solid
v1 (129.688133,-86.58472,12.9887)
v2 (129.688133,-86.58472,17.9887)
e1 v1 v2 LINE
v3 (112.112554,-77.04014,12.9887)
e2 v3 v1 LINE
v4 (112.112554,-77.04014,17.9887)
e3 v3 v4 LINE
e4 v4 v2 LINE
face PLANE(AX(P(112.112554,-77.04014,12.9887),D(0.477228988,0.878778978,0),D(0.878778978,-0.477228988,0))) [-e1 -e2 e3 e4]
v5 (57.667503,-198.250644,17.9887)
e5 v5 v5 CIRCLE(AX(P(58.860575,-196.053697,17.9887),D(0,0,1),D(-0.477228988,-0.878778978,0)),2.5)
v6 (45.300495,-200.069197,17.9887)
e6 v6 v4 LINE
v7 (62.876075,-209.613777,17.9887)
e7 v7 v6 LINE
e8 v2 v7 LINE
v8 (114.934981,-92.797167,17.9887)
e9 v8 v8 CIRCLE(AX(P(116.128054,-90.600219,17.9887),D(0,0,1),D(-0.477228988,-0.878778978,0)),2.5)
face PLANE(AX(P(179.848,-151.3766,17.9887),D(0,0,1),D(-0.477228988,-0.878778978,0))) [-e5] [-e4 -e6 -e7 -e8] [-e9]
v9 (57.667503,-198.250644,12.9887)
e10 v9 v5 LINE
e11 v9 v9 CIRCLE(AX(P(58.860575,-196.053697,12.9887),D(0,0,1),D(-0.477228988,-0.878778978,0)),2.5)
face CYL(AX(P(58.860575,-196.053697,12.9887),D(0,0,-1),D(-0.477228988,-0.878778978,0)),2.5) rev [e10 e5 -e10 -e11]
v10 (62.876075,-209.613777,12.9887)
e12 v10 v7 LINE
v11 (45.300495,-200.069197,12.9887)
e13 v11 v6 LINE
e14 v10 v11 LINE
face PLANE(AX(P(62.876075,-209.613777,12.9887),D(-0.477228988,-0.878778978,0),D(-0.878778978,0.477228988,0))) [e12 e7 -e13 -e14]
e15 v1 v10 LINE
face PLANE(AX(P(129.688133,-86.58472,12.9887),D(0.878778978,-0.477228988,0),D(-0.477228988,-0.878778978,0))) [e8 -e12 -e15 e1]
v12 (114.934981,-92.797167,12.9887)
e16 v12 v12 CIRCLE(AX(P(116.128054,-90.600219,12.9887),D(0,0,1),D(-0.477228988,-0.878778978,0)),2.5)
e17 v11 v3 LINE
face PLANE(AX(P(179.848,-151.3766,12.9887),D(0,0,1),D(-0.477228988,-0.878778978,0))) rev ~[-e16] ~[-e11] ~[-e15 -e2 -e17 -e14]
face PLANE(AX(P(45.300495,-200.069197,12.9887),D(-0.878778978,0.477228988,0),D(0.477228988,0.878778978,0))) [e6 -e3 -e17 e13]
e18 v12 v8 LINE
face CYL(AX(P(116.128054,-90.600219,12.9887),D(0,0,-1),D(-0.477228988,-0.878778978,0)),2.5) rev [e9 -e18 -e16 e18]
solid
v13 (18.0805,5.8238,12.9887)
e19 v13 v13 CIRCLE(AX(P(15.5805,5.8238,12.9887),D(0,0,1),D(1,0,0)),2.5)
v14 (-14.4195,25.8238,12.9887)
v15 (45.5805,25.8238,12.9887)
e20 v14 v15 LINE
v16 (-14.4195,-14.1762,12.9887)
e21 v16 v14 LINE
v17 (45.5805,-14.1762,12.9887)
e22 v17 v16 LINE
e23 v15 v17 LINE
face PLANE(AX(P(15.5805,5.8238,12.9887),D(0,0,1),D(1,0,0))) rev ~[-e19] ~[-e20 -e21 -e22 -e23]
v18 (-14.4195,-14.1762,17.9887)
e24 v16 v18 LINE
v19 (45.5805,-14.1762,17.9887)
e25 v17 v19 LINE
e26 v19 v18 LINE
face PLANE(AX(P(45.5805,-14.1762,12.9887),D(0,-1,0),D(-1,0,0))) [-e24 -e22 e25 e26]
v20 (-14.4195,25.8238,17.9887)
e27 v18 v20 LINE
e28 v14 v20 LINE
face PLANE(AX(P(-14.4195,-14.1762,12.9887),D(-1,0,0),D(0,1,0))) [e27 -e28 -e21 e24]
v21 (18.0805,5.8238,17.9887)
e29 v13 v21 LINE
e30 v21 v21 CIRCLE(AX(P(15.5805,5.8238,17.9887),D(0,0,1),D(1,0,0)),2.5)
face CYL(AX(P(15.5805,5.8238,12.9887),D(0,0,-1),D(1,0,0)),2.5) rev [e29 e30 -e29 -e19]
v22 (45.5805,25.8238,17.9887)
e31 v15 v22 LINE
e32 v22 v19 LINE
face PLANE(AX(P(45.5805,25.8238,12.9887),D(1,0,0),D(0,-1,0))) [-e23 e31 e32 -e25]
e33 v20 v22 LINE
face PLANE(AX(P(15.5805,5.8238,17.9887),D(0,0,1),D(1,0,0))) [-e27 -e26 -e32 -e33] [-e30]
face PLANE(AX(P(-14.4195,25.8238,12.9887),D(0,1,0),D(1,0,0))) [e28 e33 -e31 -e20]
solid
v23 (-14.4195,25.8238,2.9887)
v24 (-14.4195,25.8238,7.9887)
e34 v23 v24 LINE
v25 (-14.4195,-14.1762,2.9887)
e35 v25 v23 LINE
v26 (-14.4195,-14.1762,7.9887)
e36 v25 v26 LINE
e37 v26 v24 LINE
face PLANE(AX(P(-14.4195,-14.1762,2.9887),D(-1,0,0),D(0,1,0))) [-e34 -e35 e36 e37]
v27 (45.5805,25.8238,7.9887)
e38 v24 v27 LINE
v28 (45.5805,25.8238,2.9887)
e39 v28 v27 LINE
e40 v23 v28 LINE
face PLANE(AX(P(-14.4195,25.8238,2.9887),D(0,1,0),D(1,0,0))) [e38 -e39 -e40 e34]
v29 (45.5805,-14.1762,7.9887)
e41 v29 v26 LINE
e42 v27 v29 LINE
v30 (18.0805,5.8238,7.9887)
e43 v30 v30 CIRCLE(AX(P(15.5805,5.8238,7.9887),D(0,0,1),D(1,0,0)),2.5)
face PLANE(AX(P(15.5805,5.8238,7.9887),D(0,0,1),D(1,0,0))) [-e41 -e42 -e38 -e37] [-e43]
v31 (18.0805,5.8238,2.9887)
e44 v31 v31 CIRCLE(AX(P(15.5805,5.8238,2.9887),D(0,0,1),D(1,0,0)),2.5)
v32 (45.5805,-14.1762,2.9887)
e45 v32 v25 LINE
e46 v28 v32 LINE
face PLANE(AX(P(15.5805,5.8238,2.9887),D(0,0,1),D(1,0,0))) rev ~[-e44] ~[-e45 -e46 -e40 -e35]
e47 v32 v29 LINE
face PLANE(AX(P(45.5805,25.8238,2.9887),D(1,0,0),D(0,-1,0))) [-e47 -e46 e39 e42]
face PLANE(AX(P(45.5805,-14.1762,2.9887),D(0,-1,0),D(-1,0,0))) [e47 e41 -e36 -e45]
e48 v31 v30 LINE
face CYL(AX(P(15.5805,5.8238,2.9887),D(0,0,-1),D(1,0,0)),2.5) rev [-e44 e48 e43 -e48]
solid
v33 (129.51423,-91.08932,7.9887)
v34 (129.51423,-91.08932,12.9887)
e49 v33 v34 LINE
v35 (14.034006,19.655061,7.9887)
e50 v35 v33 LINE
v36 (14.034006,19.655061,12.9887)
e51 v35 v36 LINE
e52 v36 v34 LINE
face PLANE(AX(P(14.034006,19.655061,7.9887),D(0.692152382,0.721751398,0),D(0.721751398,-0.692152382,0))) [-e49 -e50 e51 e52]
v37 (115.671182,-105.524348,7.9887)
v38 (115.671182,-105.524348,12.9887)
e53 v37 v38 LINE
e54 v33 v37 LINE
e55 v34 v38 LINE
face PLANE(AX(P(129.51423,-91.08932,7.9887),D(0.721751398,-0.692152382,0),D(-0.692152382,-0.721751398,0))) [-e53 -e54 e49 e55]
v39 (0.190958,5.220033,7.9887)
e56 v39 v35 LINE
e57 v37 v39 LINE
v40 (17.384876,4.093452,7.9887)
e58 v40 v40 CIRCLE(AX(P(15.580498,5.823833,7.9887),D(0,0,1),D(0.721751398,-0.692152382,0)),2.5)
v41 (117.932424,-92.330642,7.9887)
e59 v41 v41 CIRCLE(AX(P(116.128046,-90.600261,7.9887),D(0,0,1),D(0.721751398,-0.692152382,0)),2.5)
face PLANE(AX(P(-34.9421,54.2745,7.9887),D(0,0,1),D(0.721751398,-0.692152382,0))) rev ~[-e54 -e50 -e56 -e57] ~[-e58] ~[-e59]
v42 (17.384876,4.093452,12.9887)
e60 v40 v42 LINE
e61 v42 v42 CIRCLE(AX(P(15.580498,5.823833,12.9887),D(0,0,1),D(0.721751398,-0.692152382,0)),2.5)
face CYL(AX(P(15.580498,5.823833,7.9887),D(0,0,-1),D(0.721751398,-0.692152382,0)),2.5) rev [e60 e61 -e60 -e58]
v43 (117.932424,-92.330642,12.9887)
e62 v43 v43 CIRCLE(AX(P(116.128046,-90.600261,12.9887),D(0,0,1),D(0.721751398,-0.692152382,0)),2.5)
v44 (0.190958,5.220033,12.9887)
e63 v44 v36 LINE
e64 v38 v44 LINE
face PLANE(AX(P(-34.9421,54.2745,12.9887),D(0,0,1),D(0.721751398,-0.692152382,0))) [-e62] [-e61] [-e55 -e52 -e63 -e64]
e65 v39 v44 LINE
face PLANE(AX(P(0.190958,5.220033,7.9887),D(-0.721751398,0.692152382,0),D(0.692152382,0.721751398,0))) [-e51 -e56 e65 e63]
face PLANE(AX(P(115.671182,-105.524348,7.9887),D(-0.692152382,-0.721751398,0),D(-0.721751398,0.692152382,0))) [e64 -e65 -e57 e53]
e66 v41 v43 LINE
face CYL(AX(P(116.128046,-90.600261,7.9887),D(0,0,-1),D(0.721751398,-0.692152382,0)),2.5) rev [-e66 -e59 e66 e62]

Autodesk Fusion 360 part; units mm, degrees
sketch "草图1" plane through (0, 0, 0) normal (0, 0, 1) x (1, 0, 0)
  line L0 (30, 20) -> (-30, 20)
  line L1 (-30, 20) -> (-30, -20)
  line L2 (-30, -20) -> (30, -20)
  line L3 (30, -20) -> (30, 20)
  line L4 (30, 20) -> (-30, -20) construction
  line L5 (-30, 20) -> (30, -20) construction
  circle A0 centre (0, 0) radius 2.5
  dimension "d1" = 5
sketch "草图3" plane through (0, 0, 0) normal (0, 0, 1) x (1, 0, 0)
  line L0 (59.3105, 8.9123) -> (219.3105, 8.9123)
  line L1 (219.3105, 8.9123) -> (219.3105, -11.0877)
  line L2 (219.3105, -11.0877) -> (59.3105, -11.0877)
  line L3 (59.3105, -11.0877) -> (59.3105, 8.9123)
  circle A0 centre (70, 0) radius 2.5
  circle A1 centre (209.3105, 0) radius 2.5
  dimension "d6" = 160
  dimension "d7" = 20
  dimension "d8" = 5
  dimension "d10" = 5
extrude "拉伸3" add sketch "草图3" along normal blind 5 makes body 1
sketch "草图4" plane through (0, 0, 0) normal (0, 0, 1) x (1, 0, 0)
  line L0 (-33, -75) -> (107, -75)
  line L1 (107, -75) -> (107, -95)
  line L2 (107, -95) -> (-33, -95)
  line L3 (-33, -95) -> (-33, -75)
  circle A0 centre (-23, -85) radius 2.5
  circle A1 centre (97, -85) radius 2.5
  dimension "d13" = 140
  dimension "d14" = 20
  dimension "d15" = 5
  dimension "d16" = 5
extrude "拉伸4" add sketch "草图4" along normal blind 5 separate body makes body 2
sketch "草图5" plane through (0, 0, 0) normal (0, 0, 1) x (1, 0, 0)
  line L0 (-30, 20) -> (30, 20)
  line L1 (30, 20) -> (30, -20)
  line L2 (30, -20) -> (-30, -20)
  line L3 (-30, -20) -> (-30, 20)
  line L4 (-30, 20) -> (30, -20) construction
  line L5 (30, 20) -> (-30, -20) construction
  circle A0 centre (0, 0) radius 2.5
  dimension "d19" = 60
  dimension "d20" = 40
  dimension "d21" = 5
extrude "拉伸5" add sketch "草图5" along normal blind 5 separate body makes body 3
sketch "草图6" plane through (0, 0, 0) normal (0, 0, 1) x (1, 0, 0)
  circle A0 centre (76.9556, 57.3858) radius 2.5
  dimension "d24" = 5
copy_body "实体->零部件1" bodies 3 removing the originals makes body 4 in component "Base"
copy_body "实体->零部件2" bodies 1 removing the originals makes body 5 in component "Link 1"
copy_body "实体->零部件3" bodies 2 removing the originals makes body 6 in component "Link 2"
component "Base" placed x (1, 0, 0) y (0, 1, 0) z (0, 0, 1) at (15.5805, 5.8238, 2.9887)
component "Link 1" placed x (0.721751, -0.692152, 0) y (0.692152, 0.721751, 0) z (0, 0, 1) at (-34.9421, 54.2745, 7.9887)
component "Link 2" placed x (-0.477229, -0.878779, 0) y (0.878779, -0.477229, 0) z (0, 0, 1) at (179.848, -151.3766, 12.9887)
component "Base" placed x (1, 0, 0) y (0, 1, 0) z (0, 0, 1) at (15.5805, 5.8238, 12.9887)
